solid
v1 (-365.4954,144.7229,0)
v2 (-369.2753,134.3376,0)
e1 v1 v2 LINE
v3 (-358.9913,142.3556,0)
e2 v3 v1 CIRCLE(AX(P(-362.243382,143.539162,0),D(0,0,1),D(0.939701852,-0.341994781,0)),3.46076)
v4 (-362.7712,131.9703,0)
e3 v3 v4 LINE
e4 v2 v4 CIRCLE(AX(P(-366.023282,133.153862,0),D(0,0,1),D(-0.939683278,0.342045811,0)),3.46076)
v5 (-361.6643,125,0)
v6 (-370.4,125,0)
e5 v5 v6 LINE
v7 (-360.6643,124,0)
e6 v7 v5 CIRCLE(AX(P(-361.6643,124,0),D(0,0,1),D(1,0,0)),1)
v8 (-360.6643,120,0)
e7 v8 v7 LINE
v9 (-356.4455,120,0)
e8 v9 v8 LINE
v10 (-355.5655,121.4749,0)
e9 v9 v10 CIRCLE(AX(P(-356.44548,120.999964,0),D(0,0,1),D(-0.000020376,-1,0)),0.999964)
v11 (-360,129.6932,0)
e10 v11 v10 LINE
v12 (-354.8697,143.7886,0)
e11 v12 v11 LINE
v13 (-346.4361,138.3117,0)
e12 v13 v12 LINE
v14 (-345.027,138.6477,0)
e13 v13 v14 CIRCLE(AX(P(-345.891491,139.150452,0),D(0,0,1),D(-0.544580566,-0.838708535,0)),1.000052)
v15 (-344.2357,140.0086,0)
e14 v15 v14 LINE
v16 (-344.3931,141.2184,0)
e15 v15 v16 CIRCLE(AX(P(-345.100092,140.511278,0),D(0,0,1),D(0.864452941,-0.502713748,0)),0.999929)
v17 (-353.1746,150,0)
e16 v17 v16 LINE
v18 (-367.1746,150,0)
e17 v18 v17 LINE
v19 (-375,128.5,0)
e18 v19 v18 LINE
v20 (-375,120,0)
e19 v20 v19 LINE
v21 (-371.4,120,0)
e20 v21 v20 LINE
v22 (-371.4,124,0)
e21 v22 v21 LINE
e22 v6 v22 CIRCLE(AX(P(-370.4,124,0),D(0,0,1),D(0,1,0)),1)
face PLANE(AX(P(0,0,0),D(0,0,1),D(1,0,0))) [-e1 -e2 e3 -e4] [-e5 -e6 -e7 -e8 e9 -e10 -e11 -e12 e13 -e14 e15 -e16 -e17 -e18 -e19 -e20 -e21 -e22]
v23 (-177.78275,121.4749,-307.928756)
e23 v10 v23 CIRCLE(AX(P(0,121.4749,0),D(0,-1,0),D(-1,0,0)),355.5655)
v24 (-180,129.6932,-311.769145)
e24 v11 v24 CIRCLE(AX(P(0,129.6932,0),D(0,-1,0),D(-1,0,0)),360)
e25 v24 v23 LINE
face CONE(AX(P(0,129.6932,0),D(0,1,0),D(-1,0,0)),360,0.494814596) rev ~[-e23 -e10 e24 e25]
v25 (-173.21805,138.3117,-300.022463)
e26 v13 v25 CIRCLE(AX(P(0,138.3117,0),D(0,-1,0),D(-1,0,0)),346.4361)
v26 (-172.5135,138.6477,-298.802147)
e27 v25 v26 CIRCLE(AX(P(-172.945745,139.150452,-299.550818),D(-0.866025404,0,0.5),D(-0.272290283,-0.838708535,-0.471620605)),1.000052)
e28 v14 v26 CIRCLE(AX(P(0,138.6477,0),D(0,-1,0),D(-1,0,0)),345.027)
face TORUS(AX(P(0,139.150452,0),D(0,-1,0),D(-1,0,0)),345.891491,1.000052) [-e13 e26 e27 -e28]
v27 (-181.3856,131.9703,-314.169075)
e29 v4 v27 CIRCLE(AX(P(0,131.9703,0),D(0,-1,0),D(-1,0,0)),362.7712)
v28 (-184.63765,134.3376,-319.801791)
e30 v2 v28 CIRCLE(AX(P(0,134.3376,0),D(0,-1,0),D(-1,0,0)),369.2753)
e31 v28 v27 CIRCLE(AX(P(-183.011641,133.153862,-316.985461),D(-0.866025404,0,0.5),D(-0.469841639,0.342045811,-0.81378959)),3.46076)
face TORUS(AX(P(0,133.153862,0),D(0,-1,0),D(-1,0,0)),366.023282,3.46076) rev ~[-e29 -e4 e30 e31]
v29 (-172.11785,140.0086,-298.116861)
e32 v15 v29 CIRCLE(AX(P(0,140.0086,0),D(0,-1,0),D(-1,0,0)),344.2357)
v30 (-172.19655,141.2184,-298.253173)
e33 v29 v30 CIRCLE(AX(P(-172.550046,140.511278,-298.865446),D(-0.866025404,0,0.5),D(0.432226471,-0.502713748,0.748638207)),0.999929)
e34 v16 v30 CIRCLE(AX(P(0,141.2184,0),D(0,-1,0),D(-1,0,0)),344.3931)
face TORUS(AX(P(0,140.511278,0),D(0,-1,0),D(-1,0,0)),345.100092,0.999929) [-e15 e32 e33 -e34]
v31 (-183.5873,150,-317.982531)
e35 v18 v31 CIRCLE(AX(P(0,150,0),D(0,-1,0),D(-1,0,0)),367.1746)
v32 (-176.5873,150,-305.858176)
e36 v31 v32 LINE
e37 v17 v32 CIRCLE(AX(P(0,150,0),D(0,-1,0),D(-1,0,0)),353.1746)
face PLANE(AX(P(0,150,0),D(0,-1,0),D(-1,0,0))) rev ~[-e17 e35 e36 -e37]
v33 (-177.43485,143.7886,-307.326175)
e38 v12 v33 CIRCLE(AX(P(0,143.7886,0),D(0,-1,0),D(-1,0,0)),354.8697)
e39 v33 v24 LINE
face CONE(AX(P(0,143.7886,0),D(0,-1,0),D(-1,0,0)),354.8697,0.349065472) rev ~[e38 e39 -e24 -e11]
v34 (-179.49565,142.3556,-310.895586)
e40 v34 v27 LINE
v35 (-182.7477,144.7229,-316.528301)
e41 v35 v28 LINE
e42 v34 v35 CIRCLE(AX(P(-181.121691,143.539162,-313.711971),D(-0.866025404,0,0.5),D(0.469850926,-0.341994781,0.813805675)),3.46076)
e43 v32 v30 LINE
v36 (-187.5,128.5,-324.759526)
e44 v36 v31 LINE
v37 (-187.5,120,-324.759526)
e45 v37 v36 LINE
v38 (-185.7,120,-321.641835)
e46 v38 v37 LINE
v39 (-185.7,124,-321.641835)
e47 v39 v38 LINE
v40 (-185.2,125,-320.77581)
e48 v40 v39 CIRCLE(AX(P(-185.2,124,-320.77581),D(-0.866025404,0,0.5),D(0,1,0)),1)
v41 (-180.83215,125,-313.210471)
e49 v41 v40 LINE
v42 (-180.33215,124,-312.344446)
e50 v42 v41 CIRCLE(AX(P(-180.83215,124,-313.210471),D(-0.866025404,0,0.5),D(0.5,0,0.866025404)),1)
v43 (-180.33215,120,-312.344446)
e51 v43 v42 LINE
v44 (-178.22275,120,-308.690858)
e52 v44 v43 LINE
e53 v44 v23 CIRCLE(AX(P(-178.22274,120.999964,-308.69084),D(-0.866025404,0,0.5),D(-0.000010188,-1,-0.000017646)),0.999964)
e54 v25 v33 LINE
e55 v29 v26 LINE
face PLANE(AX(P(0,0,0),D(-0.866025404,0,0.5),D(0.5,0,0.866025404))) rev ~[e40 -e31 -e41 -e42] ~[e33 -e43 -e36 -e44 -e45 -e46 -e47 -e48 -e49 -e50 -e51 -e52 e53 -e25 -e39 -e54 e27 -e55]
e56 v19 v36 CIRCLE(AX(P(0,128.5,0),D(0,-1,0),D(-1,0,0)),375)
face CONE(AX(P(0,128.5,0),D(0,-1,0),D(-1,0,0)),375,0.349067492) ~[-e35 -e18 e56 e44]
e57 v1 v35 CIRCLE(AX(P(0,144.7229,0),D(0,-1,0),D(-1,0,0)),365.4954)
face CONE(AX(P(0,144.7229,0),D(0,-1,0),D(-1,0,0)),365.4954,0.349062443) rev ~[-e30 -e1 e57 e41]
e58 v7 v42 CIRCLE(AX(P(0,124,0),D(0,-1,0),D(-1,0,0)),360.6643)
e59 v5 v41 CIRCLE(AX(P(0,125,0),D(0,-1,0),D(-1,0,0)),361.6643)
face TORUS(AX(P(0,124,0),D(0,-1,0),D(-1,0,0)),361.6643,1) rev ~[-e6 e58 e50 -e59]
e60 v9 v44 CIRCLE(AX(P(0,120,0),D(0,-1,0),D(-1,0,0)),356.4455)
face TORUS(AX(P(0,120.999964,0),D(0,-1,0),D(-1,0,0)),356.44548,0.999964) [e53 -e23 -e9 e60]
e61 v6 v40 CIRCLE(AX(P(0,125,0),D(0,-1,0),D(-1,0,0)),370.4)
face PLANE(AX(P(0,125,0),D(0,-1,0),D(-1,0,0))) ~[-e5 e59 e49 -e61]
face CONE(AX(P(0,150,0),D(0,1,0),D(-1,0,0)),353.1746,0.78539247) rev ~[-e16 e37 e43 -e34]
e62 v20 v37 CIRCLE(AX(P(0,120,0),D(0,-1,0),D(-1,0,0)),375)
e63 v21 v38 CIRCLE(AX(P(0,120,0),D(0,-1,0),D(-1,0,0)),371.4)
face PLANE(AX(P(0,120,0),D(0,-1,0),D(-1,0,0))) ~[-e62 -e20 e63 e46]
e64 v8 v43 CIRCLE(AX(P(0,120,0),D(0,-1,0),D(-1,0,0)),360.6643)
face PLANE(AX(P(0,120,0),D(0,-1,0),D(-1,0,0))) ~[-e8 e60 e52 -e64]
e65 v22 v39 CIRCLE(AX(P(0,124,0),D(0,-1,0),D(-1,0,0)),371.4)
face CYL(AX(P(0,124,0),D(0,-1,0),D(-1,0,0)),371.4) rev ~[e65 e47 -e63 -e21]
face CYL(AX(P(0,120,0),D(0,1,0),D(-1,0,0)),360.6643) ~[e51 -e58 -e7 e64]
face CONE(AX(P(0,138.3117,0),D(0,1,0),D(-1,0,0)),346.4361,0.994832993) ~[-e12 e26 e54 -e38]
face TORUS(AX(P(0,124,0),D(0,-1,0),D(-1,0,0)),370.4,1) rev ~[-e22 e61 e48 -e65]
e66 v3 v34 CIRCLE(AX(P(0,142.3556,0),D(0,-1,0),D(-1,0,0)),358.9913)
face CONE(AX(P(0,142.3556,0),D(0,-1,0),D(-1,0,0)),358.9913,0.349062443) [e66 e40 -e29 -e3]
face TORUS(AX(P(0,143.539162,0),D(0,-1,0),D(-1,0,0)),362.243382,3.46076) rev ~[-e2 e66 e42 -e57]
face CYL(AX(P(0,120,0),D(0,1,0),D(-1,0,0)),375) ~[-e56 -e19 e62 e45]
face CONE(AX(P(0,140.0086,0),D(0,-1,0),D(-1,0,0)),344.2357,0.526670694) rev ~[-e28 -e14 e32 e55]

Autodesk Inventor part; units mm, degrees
ref_plane "YZ Plane" through (0, 0, 0) normal (1, 0, 0) x (0, 1, 0)
ref_plane "XZ Plane" through (0, 0, 0) normal (0, 1, 0) x (-1, 0, 0)
ref_plane "XY Plane" through (0, 0, 0) normal (0, 0, 1) x (1, 0, 0)
sketch "Skizze1" plane through (0, 0, 0) normal (0, 0, 1) x (1, 0, 0)
  arc A0 (-370.4, 125) -> (-371.4, 124) centre (-370.4, 124) ccw
  line L0 (-361.6643, 125) -> (-370.4, 125)
  arc A1 (-360.6643, 124) -> (-361.6643, 125) centre (-361.6643, 124) ccw
  line L1 (-360.6643, 120) -> (-360.6643, 124)
  arc A2 (-346.4361, 138.3117) -> (-345.027, 138.6477) centre (-345.8915, 139.1504) ccw
  line L2 (-344.2357, 140.0086) -> (-345.027, 138.6477)
  arc A3 (-344.2357, 140.0086) -> (-344.3931, 141.2184) centre (-345.1002, 140.5113) ccw
  line L3 (-353.1746, 150) -> (-344.3931, 141.2184)
  line L4 (-367.1746, 150) -> (-353.1746, 150)
  line L5 (-375, 128.5) -> (-367.1746, 150)
  line L6 (-375, 120) -> (-375, 128.5)
  line L7 (-371.4, 120) -> (-375, 120)
  line L8 (-371.4, 124) -> (-371.4, 120)
  line L9 (-357.3008, 147) -> (-364.6666, 147) construction
  line L10 (-364.6666, 147) -> (-371.4, 128.5) construction
  line L11 (0, 0) -> (-360, 0) construction
  line L12 (-356.9218, 138.1504) -> (-345, 0) construction
  line L13 (-356.9218, 138.1504) -> (0, 138.1504) construction
  line L14 (0, 138.1504) -> (0, 0) construction
  line L15 (-360, 129.6932) -> (-360, 0) construction
  line L16 (0, 0) -> (-225, 0) construction
  line L17 (-225, 0) -> (-225, 50) construction
  line L18 (-225, 50) -> (0, 50) construction
  line L19 (0, 50) -> (0, 0) construction
  line L20 (-346.4361, 138.3117) -> (-354.8697, 143.7886)
  line L21 (-360, 129.6932) -> (-355.5655, 121.4749)
  arc A4 (-356.4455, 120) -> (-355.5655, 121.4749) centre (-356.4455, 121) ccw
  line L22 (-225, 0) -> (-345, 0) construction
  line L23 (-345, 0) -> (-345, 35) construction
  line L24 (-345, 35) -> (-225, 35) construction
  line L25 (-225, 35) -> (-225, 0) construction
  line L26 (-356.4455, 120) -> (-360.6643, 120)
  line L27 (-354.8697, 143.7886) -> (-360, 129.6932)
  line L28 (-356.9218, 138.1504) -> (0, 8.2415) construction
  line L29 (-363.6, 129.6932) -> (-357.3008, 147) construction
  line L30 (-360, 129.6932) -> (-374.5657, 129.6932) construction
  line L31 (-363.6, 129.6932) -> (-358.3696, 120) construction
  line L32 (-344.2357, 140.0086) -> (-355.581, 120.4973) construction
  arc A5 (-358.9913, 142.3556) -> (-365.4954, 144.7229) centre (-362.2433, 143.5392) ccw
  arc A6 (-369.2753, 134.3376) -> (-362.7712, 131.9703) centre (-366.0232, 133.1539) ccw
  line L33 (-365.4954, 144.7229) -> (-369.2753, 134.3376)
  line L34 (-358.9913, 142.3556) -> (-362.7712, 131.9703)
  line L35 (-371.4, 120) -> (-371.4, 128.5) construction
  dimension "d1" = 30
  dimension "d5" = 1
  dimension "d6" = 1
  dimension "d9" = 135
  dimension "d14" = 8.5
  dimension "d18" = 360
  dimension "d25" = 50
  dimension "d26" = 225
  dimension "d31" = 14
  dimension "d40" = 3.5
  dimension "d41" = 120
  dimension "d42" = 35
  dimension "d43" = 1
  dimension "d47" = 6
  dimension "d50" = 65.068
  dimension "d54" = 15
  dimension "d55" = 3
  dimension "d59" = 12
  dimension "d60" = 160
  dimension "d61" = 120
  dimension "d63" = 3.6
  dimension "d64" = 3.6
  dimension "d65" = 5
  dimension "d66" = 15
revolve "Umdrehung1" add sketch "Skizze1" angle 60 about axis through (0, 138.1504, 0) along (0, -1, 0)
properties part number "LED-Ring_Element"
